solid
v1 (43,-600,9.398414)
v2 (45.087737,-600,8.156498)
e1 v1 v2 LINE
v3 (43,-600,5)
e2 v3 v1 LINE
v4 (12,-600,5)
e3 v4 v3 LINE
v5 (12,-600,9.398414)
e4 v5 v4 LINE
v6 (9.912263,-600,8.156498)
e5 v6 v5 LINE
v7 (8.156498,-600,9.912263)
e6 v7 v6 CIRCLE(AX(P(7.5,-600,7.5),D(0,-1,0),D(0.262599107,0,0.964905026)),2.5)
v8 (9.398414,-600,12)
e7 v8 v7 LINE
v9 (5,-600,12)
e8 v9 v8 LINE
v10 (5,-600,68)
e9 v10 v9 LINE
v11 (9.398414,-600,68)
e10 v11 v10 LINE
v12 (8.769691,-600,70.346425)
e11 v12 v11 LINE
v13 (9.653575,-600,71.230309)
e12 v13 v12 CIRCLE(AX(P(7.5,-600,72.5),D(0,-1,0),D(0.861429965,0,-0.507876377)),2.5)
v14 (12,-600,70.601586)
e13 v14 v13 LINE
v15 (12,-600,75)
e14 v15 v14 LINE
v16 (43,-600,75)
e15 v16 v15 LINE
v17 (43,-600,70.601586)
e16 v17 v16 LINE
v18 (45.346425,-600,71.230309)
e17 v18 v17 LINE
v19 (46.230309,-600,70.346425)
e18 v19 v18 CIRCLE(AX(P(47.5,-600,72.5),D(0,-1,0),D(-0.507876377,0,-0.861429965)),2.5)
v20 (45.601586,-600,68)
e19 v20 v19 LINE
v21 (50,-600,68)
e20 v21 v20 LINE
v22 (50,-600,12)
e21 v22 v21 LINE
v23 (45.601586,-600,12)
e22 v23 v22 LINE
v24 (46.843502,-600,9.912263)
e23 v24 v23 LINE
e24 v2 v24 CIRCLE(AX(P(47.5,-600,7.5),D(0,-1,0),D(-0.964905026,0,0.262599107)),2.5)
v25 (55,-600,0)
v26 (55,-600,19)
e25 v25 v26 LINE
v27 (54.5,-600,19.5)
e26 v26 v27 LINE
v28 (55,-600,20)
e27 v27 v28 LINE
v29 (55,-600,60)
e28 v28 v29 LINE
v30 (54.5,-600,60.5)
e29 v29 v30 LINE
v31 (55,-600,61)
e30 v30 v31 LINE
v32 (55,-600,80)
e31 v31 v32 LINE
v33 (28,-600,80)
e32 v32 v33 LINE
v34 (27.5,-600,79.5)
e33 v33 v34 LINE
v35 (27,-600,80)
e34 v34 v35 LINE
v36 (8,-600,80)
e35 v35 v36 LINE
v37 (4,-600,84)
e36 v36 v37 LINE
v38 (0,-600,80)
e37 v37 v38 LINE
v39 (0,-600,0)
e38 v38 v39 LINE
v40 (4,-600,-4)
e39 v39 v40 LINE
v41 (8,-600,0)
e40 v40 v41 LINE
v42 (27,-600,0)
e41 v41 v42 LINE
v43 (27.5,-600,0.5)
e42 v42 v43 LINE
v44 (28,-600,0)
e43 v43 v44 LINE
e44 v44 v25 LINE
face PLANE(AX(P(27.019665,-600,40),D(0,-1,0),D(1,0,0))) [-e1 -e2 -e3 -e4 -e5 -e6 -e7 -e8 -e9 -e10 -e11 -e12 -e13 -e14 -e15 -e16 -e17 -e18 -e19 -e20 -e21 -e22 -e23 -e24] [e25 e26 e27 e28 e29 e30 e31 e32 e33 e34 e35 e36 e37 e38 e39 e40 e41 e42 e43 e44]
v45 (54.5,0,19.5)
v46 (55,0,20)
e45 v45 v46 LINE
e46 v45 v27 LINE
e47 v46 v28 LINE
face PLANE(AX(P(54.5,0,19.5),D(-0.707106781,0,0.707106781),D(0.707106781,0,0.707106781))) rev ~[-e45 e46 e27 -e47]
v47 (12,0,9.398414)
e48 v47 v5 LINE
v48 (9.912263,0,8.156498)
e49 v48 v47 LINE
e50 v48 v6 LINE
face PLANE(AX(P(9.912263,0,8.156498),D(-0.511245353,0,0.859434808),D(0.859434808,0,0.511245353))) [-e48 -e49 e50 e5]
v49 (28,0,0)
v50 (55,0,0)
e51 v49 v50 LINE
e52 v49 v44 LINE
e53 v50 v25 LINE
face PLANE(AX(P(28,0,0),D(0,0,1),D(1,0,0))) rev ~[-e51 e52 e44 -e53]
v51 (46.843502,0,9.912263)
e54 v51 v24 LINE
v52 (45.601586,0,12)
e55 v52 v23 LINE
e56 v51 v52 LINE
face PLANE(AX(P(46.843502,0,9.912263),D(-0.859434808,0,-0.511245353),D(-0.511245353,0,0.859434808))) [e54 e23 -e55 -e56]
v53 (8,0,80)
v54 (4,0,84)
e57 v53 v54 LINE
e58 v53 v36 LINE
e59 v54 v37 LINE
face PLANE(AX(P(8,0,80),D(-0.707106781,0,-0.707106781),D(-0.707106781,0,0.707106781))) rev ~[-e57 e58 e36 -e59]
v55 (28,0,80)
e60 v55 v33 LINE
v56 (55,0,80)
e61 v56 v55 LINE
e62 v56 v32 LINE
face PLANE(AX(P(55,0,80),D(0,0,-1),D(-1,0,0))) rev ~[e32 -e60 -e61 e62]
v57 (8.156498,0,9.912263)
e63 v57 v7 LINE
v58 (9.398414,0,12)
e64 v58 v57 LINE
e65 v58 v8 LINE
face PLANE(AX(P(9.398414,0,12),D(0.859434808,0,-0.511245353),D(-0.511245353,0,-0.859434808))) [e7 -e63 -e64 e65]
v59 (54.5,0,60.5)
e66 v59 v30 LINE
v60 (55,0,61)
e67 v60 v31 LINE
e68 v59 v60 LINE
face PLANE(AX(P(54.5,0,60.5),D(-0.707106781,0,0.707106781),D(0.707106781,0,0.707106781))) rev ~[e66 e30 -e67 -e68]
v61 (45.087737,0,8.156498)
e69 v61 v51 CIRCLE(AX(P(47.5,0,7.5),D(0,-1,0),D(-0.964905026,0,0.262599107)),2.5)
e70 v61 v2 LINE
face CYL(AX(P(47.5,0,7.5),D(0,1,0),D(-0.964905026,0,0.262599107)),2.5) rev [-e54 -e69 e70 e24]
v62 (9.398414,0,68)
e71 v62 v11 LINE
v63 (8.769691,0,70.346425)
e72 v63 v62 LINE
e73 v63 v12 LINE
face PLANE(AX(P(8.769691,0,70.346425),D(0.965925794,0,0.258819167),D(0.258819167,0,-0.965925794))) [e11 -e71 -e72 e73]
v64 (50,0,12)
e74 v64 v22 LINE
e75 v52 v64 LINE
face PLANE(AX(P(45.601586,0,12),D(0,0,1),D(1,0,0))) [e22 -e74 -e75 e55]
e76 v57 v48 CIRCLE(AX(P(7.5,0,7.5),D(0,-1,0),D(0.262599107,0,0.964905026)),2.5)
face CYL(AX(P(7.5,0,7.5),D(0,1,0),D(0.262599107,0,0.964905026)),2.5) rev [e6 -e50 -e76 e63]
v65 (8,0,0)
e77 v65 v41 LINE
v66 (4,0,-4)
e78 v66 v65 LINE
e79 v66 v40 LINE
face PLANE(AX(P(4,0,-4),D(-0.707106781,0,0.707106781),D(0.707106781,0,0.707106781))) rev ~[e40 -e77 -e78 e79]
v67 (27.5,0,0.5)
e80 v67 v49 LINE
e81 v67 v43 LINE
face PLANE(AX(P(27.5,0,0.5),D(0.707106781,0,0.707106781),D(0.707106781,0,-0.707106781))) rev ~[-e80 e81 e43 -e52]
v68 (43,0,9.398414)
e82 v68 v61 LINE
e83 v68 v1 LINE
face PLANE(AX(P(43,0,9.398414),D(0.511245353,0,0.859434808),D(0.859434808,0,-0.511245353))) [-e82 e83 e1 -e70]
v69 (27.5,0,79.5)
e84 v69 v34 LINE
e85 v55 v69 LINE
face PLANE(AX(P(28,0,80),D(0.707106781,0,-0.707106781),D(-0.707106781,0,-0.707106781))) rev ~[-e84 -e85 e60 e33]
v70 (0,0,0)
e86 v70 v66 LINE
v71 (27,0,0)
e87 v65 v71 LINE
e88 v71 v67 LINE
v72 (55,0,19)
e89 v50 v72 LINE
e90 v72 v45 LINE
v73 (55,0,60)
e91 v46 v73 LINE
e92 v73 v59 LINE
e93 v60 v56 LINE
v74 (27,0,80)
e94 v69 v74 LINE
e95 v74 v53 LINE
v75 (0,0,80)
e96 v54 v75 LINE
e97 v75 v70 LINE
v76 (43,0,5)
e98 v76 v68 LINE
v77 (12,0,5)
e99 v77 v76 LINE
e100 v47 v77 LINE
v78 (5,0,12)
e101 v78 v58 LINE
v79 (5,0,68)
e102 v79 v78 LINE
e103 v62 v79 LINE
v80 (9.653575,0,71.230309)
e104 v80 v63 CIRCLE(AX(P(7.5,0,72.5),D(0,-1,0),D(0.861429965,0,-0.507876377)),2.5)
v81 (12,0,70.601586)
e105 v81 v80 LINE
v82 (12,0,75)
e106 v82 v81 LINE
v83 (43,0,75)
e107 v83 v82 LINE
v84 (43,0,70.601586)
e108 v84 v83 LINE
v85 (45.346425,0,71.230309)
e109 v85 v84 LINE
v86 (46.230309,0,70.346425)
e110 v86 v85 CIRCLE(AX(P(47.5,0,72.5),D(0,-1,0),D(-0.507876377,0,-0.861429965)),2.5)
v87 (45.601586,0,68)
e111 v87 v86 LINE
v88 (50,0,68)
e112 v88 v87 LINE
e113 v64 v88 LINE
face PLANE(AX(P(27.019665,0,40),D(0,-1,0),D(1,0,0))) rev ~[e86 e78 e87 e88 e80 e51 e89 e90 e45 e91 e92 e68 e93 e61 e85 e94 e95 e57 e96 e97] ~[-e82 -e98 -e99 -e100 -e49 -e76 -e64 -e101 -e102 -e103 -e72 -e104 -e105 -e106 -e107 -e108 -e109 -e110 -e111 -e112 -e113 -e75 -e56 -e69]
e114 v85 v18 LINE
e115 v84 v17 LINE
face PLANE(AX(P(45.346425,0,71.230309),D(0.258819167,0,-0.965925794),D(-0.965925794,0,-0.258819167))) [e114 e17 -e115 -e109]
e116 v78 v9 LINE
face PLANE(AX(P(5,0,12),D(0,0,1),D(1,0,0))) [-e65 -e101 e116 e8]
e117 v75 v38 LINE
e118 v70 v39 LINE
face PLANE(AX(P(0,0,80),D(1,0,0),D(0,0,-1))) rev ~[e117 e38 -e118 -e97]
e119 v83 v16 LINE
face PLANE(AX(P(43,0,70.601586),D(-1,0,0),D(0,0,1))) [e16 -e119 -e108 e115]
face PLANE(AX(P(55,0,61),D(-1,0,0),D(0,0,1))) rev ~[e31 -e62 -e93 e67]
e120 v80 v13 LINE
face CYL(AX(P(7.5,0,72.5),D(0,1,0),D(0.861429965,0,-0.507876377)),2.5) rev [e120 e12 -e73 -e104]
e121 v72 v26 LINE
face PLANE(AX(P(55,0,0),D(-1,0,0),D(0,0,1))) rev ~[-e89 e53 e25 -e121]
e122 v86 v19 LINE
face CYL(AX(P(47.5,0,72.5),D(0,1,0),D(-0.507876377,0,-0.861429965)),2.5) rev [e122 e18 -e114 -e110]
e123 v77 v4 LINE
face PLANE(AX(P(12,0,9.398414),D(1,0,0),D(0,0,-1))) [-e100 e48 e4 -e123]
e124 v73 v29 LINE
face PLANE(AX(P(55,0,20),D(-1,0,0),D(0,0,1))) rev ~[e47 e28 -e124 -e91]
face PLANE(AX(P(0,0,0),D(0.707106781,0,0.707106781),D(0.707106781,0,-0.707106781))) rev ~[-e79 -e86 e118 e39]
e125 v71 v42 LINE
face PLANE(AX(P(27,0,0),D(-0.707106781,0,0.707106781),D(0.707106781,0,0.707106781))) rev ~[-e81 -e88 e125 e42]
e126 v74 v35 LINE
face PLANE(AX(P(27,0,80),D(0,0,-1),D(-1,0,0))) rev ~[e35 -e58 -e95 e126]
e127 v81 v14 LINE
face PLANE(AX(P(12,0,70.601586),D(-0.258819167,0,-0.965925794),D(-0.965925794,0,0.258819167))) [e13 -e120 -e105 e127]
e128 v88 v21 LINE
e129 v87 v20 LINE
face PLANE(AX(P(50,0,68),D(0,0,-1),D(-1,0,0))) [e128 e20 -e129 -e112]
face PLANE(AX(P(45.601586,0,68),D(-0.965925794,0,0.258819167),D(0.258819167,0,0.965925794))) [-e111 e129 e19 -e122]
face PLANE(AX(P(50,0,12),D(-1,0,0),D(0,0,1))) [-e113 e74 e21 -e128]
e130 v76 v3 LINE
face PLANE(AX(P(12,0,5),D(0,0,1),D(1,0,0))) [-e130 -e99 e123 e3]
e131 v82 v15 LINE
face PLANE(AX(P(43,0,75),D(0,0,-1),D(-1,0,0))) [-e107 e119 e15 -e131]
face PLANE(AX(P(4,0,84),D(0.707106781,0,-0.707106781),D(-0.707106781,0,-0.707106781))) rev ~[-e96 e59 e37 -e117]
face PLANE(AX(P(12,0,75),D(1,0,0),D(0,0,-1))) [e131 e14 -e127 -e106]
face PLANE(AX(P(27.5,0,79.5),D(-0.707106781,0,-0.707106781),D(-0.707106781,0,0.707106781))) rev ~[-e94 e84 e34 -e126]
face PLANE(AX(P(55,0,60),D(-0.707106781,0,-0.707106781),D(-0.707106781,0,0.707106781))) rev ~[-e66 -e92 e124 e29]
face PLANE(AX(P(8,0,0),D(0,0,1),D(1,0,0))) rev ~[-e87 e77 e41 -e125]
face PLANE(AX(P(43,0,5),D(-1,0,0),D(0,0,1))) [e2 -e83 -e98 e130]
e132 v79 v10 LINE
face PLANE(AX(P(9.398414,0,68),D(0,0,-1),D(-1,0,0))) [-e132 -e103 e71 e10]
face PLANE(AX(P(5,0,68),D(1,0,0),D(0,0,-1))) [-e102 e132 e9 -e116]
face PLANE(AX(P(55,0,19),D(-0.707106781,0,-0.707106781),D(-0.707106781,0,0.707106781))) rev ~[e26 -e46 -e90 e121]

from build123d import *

# Parameters (mm, degrees)
F1_DEPTH = 600
F3_DEPTH = 600


with BuildPart() as f1:
    # F0 (on Front) → F1 (new body)
    with BuildSketch(Plane.XZ):
        Polygon((0, 80), (0, 0), (4, -4), (8, 0), (27, 0), (27.5, 0.5), (28, 0), (55, 0), (55, 19), (54.5, 19.5), (55, 20), (55, 60), (54.5, 60.5), (55, 61), (55, 80), (28, 80), (27.5, 79.5), (27, 80), (8, 80), (4, 84), align=None)
    extrude(amount=F1_DEPTH)

    # F2 (on Front) → F3 (cut, through all)
    with BuildSketch(Plane.XZ):
        with BuildLine():
            Line((5, 12), (9.398414, 12))
            Line((9.398414, 12), (8.156498, 9.912263))
            ThreePointArc((8.156498, 9.912263), (5.732233, 5.732233), (9.912263, 8.156498))
            Line((9.912263, 8.156498), (12, 9.398414))
            Line((12, 9.398414), (12, 5))
            Line((12, 5), (43, 5))
            Line((43, 5), (43, 9.398414))
            Line((43, 9.398414), (45.087737, 8.156498))
            ThreePointArc((45.087737, 8.156498), (49.267767, 5.732233), (46.843502, 9.912263))
            Line((46.843502, 9.912263), (45.601586, 12))
            Line((45.601586, 12), (50, 12))
            Line((50, 12), (50, 68))
            Line((50, 68), (45.601586, 68))
            Line((45.601586, 68), (46.230309, 70.346425))
            ThreePointArc((46.230309, 70.346425), (49.267767, 74.267767), (45.346425, 71.230309))
            Line((45.346425, 71.230309), (43, 70.601586))
            Line((43, 70.601586), (43, 75))
            Line((43, 75), (12, 75))
            Line((12, 75), (12, 70.601586))
            Line((12, 70.601586), (9.653575, 71.230309))
            ThreePointArc((9.653575, 71.230309), (5.732233, 74.267767), (8.769691, 70.346425))
            Line((8.769691, 70.346425), (9.398414, 68))
            Line((9.398414, 68), (5, 68))
            Line((5, 68), (5, 12))
        make_face()
    extrude(amount=F3_DEPTH, mode=Mode.SUBTRACT)


solid = f1.part
